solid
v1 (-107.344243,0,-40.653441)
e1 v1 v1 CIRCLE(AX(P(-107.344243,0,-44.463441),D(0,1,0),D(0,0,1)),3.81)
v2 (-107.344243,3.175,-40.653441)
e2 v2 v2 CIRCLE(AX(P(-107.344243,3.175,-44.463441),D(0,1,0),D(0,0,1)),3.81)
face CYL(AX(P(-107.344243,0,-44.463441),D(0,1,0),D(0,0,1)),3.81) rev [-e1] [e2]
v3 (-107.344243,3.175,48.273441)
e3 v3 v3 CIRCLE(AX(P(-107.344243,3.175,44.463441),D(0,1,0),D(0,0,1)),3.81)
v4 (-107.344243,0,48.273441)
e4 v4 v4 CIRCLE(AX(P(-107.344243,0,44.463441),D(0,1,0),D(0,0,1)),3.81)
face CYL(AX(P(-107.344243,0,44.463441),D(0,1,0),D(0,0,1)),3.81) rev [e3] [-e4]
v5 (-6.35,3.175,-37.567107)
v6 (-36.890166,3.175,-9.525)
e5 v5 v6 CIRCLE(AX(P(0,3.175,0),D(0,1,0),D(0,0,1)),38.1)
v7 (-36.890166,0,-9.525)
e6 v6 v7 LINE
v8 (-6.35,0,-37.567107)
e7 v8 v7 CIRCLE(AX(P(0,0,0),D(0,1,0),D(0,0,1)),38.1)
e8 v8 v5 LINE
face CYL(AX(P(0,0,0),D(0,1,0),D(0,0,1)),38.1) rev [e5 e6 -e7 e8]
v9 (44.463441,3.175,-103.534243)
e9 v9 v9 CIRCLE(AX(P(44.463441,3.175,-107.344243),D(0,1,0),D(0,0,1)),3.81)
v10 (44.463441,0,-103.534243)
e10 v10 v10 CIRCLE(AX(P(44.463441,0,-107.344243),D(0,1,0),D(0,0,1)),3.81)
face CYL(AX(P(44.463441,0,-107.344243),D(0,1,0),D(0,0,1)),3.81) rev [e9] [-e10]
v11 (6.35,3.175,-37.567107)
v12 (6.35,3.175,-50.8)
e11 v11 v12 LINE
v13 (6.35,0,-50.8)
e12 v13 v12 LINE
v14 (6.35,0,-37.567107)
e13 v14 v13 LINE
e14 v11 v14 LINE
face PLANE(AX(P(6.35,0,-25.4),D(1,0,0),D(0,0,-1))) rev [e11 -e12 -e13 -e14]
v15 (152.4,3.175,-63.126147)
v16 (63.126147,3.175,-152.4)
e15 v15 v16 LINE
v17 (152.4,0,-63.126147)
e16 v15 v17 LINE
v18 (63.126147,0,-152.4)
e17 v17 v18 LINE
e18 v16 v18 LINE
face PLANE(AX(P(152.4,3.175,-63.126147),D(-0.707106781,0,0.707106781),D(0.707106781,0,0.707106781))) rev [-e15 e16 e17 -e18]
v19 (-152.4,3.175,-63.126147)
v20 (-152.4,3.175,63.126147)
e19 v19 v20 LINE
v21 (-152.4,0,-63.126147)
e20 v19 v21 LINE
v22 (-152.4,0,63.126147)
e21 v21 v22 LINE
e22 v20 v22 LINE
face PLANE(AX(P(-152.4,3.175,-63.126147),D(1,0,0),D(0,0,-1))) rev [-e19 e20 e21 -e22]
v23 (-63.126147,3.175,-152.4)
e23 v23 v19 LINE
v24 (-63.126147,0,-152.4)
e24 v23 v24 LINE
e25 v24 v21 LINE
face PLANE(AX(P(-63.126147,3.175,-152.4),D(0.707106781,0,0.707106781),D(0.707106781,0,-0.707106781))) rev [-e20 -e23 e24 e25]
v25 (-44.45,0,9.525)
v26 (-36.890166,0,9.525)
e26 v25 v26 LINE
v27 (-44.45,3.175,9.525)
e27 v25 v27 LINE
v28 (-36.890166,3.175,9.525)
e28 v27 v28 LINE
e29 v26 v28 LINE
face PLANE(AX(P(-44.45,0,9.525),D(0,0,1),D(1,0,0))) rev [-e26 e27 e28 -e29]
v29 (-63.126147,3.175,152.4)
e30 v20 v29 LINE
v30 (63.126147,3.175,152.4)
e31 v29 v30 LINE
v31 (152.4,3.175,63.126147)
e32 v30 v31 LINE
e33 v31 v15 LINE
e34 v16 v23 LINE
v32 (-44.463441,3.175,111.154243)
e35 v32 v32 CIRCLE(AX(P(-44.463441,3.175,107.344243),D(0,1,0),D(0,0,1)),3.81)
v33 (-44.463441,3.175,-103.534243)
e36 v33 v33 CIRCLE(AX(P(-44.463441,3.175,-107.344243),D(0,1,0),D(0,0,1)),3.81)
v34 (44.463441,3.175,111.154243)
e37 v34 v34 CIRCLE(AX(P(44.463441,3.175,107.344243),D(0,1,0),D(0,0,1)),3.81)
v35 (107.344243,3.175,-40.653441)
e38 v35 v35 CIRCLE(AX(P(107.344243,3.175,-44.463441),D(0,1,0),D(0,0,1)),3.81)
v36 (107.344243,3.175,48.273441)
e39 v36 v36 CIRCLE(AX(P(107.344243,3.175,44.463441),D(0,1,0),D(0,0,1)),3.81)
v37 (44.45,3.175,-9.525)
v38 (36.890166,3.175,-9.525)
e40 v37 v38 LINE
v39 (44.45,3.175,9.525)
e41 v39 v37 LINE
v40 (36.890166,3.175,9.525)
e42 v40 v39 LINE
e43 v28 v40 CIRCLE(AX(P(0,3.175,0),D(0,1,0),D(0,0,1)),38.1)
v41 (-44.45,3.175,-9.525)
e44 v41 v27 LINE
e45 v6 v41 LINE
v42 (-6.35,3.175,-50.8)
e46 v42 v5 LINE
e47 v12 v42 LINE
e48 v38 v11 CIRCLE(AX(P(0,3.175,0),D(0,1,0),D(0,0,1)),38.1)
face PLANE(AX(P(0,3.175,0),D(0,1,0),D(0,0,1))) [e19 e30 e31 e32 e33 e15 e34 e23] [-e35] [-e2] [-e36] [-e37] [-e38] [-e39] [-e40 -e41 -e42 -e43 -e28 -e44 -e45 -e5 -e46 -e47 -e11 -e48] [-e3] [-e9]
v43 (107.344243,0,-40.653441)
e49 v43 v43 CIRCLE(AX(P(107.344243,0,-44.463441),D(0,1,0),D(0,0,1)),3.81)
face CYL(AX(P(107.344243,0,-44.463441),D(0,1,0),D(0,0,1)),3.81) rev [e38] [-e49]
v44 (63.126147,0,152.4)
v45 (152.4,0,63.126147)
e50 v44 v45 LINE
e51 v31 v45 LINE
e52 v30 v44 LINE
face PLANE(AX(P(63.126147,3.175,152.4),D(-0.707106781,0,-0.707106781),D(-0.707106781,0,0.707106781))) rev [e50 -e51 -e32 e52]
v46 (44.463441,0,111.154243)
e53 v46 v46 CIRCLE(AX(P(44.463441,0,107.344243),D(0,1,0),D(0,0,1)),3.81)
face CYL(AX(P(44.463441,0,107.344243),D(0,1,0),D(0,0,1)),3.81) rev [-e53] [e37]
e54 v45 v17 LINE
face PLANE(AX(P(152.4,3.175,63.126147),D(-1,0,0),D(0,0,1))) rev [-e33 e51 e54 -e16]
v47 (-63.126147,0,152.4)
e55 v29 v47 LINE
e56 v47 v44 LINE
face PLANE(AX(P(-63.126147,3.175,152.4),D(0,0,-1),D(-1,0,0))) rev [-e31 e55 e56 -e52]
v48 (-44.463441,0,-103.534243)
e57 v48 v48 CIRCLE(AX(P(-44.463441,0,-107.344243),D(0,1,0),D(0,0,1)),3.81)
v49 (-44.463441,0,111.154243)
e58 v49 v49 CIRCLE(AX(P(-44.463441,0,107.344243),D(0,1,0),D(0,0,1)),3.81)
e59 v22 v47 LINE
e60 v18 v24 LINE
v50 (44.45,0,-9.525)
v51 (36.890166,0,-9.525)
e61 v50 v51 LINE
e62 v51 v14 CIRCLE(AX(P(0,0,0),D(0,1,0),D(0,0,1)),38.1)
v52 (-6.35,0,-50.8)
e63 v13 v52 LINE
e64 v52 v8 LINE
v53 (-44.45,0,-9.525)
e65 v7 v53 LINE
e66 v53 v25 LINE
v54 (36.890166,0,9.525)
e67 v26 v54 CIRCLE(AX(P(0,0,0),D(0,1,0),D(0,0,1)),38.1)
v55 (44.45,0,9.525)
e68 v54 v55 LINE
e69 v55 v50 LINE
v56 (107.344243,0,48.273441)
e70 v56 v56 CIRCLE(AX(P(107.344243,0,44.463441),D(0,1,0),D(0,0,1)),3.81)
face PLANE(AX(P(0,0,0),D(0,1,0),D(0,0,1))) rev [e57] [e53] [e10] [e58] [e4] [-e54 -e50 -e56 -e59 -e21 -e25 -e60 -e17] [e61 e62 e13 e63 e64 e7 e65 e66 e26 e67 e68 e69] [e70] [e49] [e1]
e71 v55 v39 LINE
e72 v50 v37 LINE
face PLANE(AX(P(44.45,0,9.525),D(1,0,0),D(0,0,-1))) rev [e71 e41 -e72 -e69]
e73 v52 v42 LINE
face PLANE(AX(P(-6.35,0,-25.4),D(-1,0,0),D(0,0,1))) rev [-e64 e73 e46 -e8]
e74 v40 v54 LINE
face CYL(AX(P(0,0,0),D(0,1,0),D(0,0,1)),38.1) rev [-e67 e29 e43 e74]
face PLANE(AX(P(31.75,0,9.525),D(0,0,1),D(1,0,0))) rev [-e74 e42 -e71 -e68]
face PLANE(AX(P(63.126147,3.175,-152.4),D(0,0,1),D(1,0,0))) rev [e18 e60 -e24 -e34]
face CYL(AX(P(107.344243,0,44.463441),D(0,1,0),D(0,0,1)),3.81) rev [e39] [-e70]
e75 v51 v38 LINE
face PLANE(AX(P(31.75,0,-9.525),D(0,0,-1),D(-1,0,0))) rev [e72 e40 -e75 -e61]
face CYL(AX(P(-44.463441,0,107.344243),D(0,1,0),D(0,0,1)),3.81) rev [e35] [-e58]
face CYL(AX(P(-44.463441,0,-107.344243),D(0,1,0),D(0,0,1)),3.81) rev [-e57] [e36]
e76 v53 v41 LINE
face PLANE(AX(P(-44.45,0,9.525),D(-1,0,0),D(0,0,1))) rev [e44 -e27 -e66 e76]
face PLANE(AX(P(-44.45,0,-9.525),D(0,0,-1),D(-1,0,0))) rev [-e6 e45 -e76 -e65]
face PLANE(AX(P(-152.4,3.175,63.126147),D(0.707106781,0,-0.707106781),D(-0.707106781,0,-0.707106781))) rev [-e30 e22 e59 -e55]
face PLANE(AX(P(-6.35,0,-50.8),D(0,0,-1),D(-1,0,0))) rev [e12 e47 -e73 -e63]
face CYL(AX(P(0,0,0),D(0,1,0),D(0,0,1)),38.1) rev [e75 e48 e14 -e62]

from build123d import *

# Parameters (mm, degrees)
BOSS_EXTRUDE1_DEPTH     = 3.175
SKETCH2_R               = 38.1
CUT_EXTRUDE1_DEPTH      = 1
CUT_EXTRUDE1_DEPTH_BACK = 4.175
SKETCH3_R               = 3.81
CUT_EXTRUDE2_DEPTH      = 4.175
SKETCH4_W               = 12.7
SKETCH4_H               = 19.05
SKETCH4_H_2             = 25.4
CUT_EXTRUDE3_DEPTH      = 4.175


with BuildPart() as part:
    # Sketch1 → Boss-Extrude1 (new body)
    with BuildSketch(Plane(origin=(0, 0, 0), x_dir=(1, 0, 0), z_dir=(0, 1, 0))):
        Polygon((63.126146906, 152.4), (-63.126146906, 152.4), (-152.4, 63.126146906), (-152.4, -63.126146906), (-63.126146906, -152.4), (63.126146906, -152.4), (152.4, -63.126146906), (152.4, 63.126146906), align=None)
    extrude(amount=BOSS_EXTRUDE1_DEPTH)

    # Sketch2 → Cut-Extrude1 (cut, two sides)
    with BuildSketch(Plane(origin=(0, 3.175, 0), x_dir=(1, 0, 0), z_dir=(0, 1, 0))) as cut_extrude1_sk:
        Circle(SKETCH2_R)
    extrude(amount=CUT_EXTRUDE1_DEPTH, mode=Mode.SUBTRACT)
    extrude(cut_extrude1_sk.sketch, amount=-CUT_EXTRUDE1_DEPTH_BACK, mode=Mode.SUBTRACT)

    # Sketch3 → Cut-Extrude2 (cut, through all)
    with BuildSketch(Plane(origin=(0, 3.175, 0), x_dir=(1, 0, 0), z_dir=(0, 1, 0))):
        with Locations((44.463441276, -107.344242958)):
            Circle(SKETCH3_R)
        with Locations((-44.463441276, -107.344242958)):
            Circle(SKETCH3_R)
        with Locations((-107.344242958, -44.463441276)):
            Circle(SKETCH3_R)
        with Locations((-107.344242958, 44.463441276)):
            Circle(SKETCH3_R)
        with Locations((-44.463441276, 107.344242958)):
            Circle(SKETCH3_R)
        with Locations((44.463441276, 107.344242958)):
            Circle(SKETCH3_R)
        with Locations((107.344242958, 44.463441276)):
            Circle(SKETCH3_R)
        with Locations((107.344242958, -44.463441276)):
            Circle(SKETCH3_R)
    extrude(amount=-CUT_EXTRUDE2_DEPTH, mode=Mode.SUBTRACT)

    # Sketch4 → Cut-Extrude3 (cut, through all)
    with BuildSketch(Plane(origin=(0, 3.175, 0), x_dir=(1, 0, 0), z_dir=(0, 1, 0))):
        with Locations((-38.1, 0)):
            Rectangle(SKETCH4_W, SKETCH4_H)
        with Locations((38.1, 0)):
            Rectangle(SKETCH4_W, SKETCH4_H)
        with Locations((0, 38.1)):
            Rectangle(SKETCH4_W, SKETCH4_H_2)
    extrude(amount=-CUT_EXTRUDE3_DEPTH, mode=Mode.SUBTRACT)


solid = part.part
